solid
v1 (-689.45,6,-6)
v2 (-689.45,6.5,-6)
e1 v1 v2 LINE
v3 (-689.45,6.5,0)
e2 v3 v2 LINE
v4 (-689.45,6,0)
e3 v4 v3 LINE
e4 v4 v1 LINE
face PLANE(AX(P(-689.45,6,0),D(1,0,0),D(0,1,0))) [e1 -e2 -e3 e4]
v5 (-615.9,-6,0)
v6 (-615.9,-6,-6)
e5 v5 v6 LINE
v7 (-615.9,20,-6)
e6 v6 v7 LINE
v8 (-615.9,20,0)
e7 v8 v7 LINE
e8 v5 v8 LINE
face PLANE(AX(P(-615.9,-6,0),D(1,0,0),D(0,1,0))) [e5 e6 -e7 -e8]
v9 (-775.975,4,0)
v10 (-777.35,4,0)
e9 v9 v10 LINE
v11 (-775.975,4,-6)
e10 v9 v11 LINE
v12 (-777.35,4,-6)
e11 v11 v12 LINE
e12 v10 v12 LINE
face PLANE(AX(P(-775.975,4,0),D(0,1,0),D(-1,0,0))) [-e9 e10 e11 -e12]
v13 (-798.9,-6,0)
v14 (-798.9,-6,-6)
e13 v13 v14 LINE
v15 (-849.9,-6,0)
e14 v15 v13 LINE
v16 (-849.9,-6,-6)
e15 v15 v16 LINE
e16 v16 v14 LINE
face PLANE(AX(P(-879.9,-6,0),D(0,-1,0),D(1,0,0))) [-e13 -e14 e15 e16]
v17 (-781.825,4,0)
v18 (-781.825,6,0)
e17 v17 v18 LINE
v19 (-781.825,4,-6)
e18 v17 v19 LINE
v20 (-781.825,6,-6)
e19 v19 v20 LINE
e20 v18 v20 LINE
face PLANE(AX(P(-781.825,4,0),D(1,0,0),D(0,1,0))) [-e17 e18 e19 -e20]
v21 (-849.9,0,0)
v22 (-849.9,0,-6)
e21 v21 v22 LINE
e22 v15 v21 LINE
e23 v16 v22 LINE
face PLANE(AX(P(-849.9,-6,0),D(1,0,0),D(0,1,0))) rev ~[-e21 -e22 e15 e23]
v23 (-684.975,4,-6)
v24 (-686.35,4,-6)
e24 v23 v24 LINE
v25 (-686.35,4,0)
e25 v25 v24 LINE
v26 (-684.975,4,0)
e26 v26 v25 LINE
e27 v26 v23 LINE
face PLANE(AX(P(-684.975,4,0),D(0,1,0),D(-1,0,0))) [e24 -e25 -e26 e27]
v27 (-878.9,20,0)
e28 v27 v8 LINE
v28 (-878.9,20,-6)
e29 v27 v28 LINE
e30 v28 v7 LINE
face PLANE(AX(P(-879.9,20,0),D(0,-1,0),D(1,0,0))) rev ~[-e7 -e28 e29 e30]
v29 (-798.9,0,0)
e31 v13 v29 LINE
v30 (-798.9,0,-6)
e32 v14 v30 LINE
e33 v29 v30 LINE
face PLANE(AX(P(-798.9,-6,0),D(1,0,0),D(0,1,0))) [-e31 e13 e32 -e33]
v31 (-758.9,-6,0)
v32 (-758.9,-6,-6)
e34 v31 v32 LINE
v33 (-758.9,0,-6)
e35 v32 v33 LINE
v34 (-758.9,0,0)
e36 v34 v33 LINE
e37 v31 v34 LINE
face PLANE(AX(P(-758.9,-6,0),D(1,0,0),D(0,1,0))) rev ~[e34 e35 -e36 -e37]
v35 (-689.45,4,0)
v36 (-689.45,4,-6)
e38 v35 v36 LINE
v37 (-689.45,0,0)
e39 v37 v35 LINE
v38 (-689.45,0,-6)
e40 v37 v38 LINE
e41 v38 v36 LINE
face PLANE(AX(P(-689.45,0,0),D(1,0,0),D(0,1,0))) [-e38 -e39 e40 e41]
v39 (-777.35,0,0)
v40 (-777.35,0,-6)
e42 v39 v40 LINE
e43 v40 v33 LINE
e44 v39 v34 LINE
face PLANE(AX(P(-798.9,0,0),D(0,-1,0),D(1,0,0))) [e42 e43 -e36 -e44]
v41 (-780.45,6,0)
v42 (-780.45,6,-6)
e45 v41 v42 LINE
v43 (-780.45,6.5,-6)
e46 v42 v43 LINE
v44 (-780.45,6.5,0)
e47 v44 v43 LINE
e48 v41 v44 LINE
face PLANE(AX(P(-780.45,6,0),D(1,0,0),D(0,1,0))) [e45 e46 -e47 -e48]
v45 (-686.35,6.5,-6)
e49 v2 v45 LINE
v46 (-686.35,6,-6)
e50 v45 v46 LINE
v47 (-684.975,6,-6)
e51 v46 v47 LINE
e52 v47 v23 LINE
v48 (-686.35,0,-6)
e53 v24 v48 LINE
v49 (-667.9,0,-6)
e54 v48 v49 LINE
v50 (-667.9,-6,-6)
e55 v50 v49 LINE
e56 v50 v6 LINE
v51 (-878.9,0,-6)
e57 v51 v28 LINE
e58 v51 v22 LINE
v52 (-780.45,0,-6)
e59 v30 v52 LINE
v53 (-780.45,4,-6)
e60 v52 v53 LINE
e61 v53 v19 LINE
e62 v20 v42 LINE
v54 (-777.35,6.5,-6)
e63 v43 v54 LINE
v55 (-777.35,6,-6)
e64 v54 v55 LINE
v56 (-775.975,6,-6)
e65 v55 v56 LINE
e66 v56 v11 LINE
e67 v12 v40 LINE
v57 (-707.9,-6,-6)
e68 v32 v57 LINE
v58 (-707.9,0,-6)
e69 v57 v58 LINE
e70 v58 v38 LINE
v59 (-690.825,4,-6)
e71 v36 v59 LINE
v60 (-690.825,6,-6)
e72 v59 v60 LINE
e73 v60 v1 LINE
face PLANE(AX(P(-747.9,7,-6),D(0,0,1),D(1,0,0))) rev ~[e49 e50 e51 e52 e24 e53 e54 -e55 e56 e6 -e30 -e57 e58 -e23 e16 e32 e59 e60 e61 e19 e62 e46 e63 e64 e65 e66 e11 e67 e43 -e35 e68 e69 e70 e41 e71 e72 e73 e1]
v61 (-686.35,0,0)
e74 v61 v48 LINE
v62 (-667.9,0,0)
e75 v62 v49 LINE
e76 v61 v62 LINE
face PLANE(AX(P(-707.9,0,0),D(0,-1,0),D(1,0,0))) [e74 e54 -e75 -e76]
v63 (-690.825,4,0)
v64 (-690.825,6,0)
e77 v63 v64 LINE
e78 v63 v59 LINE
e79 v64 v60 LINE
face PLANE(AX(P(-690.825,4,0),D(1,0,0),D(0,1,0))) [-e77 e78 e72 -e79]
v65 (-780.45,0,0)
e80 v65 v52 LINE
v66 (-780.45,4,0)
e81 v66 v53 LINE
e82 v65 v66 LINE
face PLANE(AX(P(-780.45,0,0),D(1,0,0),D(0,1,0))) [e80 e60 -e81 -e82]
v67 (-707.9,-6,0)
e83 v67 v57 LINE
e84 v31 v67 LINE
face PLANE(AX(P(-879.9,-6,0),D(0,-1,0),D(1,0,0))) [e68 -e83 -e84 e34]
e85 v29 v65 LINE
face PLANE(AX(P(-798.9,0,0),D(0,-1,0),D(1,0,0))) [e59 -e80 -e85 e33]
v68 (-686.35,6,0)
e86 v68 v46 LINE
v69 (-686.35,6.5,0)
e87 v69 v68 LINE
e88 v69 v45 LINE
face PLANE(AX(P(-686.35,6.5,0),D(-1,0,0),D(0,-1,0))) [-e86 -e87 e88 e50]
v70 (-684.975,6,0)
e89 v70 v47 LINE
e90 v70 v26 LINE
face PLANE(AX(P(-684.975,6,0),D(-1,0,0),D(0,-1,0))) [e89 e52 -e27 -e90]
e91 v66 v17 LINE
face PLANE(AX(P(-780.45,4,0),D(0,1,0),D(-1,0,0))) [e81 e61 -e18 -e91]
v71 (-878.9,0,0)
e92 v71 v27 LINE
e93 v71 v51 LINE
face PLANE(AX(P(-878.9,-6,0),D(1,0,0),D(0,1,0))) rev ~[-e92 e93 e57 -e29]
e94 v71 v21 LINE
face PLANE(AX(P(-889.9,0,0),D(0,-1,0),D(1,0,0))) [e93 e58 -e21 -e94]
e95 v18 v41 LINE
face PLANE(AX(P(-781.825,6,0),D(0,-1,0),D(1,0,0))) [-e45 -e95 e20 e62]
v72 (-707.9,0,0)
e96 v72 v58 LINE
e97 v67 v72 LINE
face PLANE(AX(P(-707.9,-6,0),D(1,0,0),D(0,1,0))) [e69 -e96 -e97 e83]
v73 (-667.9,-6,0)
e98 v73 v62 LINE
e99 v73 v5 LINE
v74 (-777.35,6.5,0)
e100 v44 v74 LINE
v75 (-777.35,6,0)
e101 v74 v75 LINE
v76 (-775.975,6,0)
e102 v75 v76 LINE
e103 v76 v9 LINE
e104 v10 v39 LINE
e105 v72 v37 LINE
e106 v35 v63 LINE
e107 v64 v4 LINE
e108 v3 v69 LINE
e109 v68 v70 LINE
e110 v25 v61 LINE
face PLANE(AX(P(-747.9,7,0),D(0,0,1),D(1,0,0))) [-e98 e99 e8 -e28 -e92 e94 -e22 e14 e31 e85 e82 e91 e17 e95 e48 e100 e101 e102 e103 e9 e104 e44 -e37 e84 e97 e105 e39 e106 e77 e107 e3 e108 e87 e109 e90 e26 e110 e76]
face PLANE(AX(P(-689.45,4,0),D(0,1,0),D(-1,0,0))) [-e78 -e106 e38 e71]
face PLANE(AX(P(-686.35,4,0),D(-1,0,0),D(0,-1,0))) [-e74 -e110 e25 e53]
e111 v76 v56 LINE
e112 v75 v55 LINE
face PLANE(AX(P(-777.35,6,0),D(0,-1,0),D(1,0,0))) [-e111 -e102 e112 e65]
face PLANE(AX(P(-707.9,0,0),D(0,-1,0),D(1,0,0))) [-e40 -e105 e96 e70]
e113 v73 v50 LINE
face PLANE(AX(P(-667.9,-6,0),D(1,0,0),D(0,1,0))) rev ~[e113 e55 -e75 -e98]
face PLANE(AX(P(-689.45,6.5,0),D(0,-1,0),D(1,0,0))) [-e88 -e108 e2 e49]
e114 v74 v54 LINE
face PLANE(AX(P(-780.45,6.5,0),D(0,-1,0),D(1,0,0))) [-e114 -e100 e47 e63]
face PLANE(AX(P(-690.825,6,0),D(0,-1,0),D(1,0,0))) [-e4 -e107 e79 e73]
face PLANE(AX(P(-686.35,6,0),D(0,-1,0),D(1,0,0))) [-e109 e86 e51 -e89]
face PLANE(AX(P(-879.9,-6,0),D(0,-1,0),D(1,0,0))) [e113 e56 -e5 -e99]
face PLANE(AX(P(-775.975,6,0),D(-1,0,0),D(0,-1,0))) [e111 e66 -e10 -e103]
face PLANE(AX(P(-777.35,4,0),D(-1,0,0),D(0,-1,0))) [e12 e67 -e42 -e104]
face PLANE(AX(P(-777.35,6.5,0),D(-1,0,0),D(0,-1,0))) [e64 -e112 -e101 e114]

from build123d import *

# Parameters (mm, degrees)
SZKIC1_W                    = 264
SZKIC1_H                    = 26
DODANIE_WYCI_GNI_CIE1_DEPTH = 6
SZKIC5_W                    = 40
SZKIC5_H                    = 6
WYTNIJ_WYCI_GNI_CIE3_DEPTH  = 6
SZYK_LINIOWY1_COUNT         = 3
SZYK_LINIOWY1_PITCH         = 91
WYTNIJ_WYCI_GNI_CIE4_DEPTH  = 6
SZYK_LINIOWY2_COUNT         = 2
SZYK_LINIOWY2_PITCH         = 91
PRZENIE_CIAN_1_BY           = 1


with BuildPart() as part:
    # Szkic1 → Dodanie-wyciągnięcie1 (new body)
    with BuildSketch(Plane.XY):
        with Locations((-747.9, 7)):
            Rectangle(SZKIC1_W, SZKIC1_H)
    extrude(amount=-DODANIE_WYCI_GNI_CIE1_DEPTH)

    # Szkic5 → Wytnij-wyciągnięcie3 (cut)
    with BuildSketch(Plane.XY):
        with Locations((-869.9, -3)):
            Rectangle(SZKIC5_W, SZKIC5_H)
    wytnij_wyci_gni_cie3 = extrude(amount=-WYTNIJ_WYCI_GNI_CIE3_DEPTH, mode=Mode.SUBTRACT)

    # Szyk liniowy1: Wytnij-wyciągnięcie3 ×3
    with Locations(*[(i * SZYK_LINIOWY1_PITCH, 0, 0) for i in range(1, SZYK_LINIOWY1_COUNT)]):
        add(wytnij_wyci_gni_cie3, mode=Mode.SUBTRACT)

    # Szkic6 → Wytnij-wyciągnięcie4 (cut)
    with BuildSketch(Plane.XY):
        Polygon((-777.35, 0), (-780.45, 0), (-780.45, 4), (-781.825, 4), (-781.825, 6), (-780.45, 6), (-780.45, 6.5), (-777.35, 6.5), (-777.35, 6), (-775.975, 6), (-775.975, 4), (-777.35, 4), align=None)
    wytnij_wyci_gni_cie4 = extrude(amount=-WYTNIJ_WYCI_GNI_CIE4_DEPTH, mode=Mode.SUBTRACT)

    # Szyk liniowy2: Wytnij-wyciągnięcie4 ×2
    with Locations(*[(i * SZYK_LINIOWY2_PITCH, 0, 0) for i in range(1, SZYK_LINIOWY2_COUNT)]):
        add(wytnij_wyci_gni_cie4, mode=Mode.SUBTRACT)

    # Przenieś ścianę1: a face moved inward by 1.0
    extrude(part.faces().sort_by_distance((-879.9, 10, -3))[0], amount=PRZENIE_CIAN_1_BY, dir=(1, 0, 0), mode=Mode.SUBTRACT)


solid = part.part
